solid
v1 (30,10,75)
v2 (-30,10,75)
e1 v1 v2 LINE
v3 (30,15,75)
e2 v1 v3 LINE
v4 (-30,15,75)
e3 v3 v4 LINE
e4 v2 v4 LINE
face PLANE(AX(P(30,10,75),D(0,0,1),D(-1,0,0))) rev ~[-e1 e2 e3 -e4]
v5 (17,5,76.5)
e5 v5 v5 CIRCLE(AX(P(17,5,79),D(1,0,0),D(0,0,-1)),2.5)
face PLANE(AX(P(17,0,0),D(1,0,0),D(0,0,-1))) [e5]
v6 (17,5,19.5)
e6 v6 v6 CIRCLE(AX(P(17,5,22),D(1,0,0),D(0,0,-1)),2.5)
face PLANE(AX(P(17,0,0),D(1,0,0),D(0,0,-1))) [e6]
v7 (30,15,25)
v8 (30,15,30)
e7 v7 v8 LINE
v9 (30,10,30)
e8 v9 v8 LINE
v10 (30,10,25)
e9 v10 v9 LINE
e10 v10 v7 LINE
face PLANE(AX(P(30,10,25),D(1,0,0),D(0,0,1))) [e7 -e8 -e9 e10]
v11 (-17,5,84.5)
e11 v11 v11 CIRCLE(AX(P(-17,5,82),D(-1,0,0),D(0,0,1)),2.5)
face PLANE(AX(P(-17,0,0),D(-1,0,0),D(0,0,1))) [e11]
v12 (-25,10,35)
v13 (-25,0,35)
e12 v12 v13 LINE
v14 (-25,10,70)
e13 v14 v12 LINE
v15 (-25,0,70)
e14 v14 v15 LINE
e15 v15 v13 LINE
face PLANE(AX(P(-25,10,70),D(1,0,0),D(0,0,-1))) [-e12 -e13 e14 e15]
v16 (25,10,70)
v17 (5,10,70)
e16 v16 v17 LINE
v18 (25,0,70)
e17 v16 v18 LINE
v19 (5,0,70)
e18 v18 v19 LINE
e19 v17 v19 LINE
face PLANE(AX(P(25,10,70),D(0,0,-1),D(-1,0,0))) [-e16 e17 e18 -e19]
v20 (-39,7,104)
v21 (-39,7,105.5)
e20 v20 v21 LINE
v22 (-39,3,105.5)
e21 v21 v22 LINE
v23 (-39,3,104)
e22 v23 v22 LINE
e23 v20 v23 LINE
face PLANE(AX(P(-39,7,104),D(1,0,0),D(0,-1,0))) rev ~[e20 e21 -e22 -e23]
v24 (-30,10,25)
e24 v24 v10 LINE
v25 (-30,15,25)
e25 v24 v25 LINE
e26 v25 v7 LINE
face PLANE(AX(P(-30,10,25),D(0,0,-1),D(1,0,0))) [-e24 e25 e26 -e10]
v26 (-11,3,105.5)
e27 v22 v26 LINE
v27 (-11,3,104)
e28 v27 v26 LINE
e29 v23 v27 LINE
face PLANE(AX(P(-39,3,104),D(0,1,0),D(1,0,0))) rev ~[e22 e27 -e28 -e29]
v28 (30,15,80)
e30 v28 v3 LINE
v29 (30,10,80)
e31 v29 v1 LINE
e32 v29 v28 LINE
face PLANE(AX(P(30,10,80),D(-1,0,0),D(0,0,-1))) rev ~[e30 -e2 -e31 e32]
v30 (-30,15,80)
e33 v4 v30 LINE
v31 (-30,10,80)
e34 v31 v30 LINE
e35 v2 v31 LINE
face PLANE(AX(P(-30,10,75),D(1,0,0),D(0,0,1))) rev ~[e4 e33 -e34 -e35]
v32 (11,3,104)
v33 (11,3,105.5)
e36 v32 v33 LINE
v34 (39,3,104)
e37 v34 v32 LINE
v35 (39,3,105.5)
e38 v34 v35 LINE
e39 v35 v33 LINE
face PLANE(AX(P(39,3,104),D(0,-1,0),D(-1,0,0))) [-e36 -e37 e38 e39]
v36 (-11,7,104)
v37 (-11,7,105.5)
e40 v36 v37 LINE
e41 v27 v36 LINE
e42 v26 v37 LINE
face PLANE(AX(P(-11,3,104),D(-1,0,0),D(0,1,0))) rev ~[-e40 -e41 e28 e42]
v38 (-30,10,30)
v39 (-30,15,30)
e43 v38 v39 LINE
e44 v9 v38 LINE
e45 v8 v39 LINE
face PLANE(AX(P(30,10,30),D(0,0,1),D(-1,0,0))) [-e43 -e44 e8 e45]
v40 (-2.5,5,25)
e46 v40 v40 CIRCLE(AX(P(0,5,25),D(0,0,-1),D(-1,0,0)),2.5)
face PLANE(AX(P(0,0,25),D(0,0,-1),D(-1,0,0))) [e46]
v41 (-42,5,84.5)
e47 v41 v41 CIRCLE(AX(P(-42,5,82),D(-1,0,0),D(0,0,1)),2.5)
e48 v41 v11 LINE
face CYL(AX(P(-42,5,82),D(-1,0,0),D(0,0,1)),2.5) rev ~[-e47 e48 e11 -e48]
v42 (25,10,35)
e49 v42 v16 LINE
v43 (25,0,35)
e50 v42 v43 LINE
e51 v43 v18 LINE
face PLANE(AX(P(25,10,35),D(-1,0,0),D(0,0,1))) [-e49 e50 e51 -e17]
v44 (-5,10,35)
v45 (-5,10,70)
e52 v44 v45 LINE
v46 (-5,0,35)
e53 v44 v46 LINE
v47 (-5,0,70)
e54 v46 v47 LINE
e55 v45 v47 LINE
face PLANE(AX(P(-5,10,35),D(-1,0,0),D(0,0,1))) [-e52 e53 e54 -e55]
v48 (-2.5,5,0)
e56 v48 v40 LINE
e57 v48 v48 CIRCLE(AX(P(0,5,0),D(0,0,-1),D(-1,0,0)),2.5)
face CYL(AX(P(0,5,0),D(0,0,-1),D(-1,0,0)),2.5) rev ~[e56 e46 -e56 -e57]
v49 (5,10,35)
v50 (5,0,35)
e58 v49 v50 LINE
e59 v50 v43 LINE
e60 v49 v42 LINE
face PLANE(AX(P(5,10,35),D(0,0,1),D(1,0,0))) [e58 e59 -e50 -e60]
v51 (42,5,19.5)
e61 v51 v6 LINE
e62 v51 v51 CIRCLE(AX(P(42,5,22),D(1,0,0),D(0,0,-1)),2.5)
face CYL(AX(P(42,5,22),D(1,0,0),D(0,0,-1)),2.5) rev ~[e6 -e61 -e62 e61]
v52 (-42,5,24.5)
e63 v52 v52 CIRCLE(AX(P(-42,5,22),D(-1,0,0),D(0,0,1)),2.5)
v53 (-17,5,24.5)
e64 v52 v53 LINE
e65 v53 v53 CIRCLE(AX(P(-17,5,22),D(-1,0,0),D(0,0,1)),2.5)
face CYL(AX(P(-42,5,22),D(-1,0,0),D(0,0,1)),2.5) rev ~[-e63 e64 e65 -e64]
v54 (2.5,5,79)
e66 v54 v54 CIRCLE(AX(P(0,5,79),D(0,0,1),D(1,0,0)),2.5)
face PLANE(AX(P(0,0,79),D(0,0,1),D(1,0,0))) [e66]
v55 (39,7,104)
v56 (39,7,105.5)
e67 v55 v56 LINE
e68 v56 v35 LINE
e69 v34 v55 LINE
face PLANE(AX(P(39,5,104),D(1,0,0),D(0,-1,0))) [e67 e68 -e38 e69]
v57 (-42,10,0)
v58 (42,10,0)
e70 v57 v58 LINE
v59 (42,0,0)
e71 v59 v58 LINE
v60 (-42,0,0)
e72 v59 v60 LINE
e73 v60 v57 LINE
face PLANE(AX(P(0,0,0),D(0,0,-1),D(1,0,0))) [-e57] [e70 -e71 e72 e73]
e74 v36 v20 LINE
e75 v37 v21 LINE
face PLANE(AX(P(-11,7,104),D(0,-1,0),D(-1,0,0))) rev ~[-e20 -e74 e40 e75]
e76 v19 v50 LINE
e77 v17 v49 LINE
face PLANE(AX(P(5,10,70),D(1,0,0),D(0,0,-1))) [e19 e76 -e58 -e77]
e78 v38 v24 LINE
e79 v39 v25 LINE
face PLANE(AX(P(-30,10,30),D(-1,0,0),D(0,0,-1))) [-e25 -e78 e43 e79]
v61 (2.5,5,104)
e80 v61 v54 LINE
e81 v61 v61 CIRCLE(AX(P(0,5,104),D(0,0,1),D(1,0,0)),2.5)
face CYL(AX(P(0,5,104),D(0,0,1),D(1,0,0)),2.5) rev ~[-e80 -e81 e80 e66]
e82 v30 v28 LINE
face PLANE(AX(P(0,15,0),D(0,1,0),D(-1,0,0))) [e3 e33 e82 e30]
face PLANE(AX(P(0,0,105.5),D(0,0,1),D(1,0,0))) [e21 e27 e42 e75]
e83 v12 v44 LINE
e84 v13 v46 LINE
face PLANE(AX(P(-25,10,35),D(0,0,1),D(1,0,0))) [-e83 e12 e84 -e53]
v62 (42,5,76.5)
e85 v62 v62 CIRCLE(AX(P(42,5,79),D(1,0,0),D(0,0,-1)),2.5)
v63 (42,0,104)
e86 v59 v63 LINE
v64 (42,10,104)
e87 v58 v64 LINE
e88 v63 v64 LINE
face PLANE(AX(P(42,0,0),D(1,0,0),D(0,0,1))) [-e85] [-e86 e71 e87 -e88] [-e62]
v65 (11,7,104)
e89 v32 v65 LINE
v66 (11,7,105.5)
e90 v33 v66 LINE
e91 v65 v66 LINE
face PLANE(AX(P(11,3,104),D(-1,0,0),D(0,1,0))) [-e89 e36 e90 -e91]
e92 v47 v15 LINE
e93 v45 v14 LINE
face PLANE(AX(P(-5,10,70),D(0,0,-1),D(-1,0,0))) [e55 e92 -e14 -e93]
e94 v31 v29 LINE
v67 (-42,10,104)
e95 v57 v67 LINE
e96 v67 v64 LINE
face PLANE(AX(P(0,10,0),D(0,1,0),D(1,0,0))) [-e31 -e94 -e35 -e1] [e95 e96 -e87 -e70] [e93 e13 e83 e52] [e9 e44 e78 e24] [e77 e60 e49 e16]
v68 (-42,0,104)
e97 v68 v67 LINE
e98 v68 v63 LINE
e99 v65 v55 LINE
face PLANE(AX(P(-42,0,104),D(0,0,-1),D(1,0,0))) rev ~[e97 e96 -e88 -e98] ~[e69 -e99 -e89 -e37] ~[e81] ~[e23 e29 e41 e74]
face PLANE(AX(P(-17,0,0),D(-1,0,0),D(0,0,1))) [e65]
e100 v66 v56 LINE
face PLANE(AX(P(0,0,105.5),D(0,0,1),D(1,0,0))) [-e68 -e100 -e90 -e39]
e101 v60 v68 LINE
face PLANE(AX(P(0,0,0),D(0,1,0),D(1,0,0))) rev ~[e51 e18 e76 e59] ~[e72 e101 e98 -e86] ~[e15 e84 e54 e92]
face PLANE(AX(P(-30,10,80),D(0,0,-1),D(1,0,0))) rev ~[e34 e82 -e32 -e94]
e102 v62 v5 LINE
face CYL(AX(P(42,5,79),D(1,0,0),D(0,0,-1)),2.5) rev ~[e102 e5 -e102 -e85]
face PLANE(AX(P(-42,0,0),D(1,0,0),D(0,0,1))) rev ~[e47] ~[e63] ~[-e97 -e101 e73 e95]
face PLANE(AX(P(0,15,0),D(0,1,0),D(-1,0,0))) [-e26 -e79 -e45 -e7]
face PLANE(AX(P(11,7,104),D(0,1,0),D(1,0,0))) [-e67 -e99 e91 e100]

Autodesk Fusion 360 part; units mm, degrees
sketch "Sketch1" plane through (0, 0, 0) normal (0, 1, 0) x (1, 0, 0)
  line L0 (0, 0) -> (42, 0)
  line L1 (0, 0) -> (-42, 0)
  line L2 (-42, 0) -> (-42, -104)
  line L3 (42, 0) -> (42, -104)
  line L4 (-42, -104) -> (42, -104)
  dimension "d1" = 42
  dimension "d2" = 42
  dimension "d3" = 104
  dimension "d4" = 104
extrude "Extrude1" add sketch "Sketch1" along normal blind 10
sketch "Sketch2" plane through (-42, 0, 0) normal (-1, 0, 0) x (0, 0, 1)
  line L0 (0, 0) -> (104, 0)
  line L1 (104, 0) -> (104, 10)
  line L2 (104, 10) -> (0, 10)
  line L3 (0, 10) -> (0, 0)
sketch "Sketch3" plane through (0, 0, 104) normal (0, 0, 1) x (1, 0, 0)
  line L0 (-42, 0) -> (42, 0)
  line L1 (42, 0) -> (42, 10)
  line L2 (42, 10) -> (-42, 10)
  line L3 (-42, 10) -> (-42, 0)
sketch "Sketch4" plane through (0, 0, 104) normal (0, 0, 1) x (1, 0, 0)
sketch "Sketch5" plane through (0, 0, 104) normal (0, 0, 1) x (1, 0, 0)
sketch "Sketch6" plane through (0, 0, 104) normal (0, 0, 1) x (1, 0, 0)
  line L0 (-39, 7) -> (-39, 3)
  line L1 (-39, 3) -> (-11, 3)
  line L2 (-11, 3) -> (-11, 7)
  line L3 (-11, 7) -> (-39, 7)
  dimension "d21" = 28
sketch "Sketch7" plane through (0, 0, 104) normal (0, 0, 1) x (1, 0, 0)
  line L0 (39, 5) -> (39, 3)
  line L1 (39, 3) -> (11, 3)
  line L2 (11, 3) -> (11, 7)
  line L3 (11, 7) -> (39, 7)
  line L4 (39, 7) -> (39, 5)
  circle A0 centre (0, 5) radius 2.5
  dimension "d22" = 28
  dimension "d23" = 5
extrude "Extrude2" add sketch "Sketch6" sketch "Sketch7" along normal blind 1.5 of sketch 2 contours L0 L1 L2 L3 L4
sketch "Sketch8" plane through (0, 0, 104) normal (0, 0, 1) x (1, 0, 0)
  circle A0 centre (0, 5) radius 2.5
  dimension "d26" = 5
extrude "Extrude3" cut sketch "Sketch8" against normal blind 25
sketch "Sketch9" plane through (0, 0, 0) normal (0, 0, -1) x (-1, 0, 0)
  line L0 (-42, 0) -> (42, 0)
  line L1 (42, 0) -> (42, 10)
  line L2 (42, 10) -> (-42, 10)
  line L3 (-42, 10) -> (-42, 0)
  circle A0 centre (0, 5) radius 2.5
  dimension "d29" = 5
extrude "Extrude4" cut sketch "Sketch9" against normal blind 25 contours A0
sketch "Sketch10" plane through (42, 0, 0) normal (1, 0, 0) x (0, 0, -1)
  line L0 (-104, 0) -> (0, 0)
  line L1 (0, 0) -> (0, 10)
  line L2 (0, 10) -> (-104, 10)
  line L3 (-104, 10) -> (-104, 0)
  circle A0 centre (-79, 5) radius 2.5
  circle A1 centre (-22, 5) radius 2.5
  dimension "d33" = 5
  dimension "d35" = 5
extrude "Extrude5" cut sketch "Sketch10" against normal blind 25 contours A0 | A1
sketch "Sketch11" plane through (-42, 0, 0) normal (-1, 0, 0) x (0, 0, 1)
  circle A0 centre (22, 5) radius 2.5
  circle A1 centre (82, 5) radius 2.5
  dimension "d39" = 5
  dimension "d41" = 5
extrude "Extrude6" cut sketch "Sketch11" against normal blind 25
sketch "Sketch12" plane through (0, 10, 0) normal (0, 1, 0) x (-1, 0, 0)
  line L0 (-42, 0) -> (42, 0)
  line L1 (42, 0) -> (42, 104)
  line L2 (42, 104) -> (-42, 104)
  line L3 (-42, 104) -> (-42, 0)
sketch "Sketch13" plane through (0, 10, 0) normal (0, 1, 0) x (-1, 0, 0)
  line L0 (-30, 80) -> (-30, 75)
  line L1 (-30, 75) -> (30, 75)
  line L2 (30, 75) -> (30, 80)
  line L3 (30, 80) -> (-30, 80)
  line L4 (-30, 30) -> (30, 30)
  line L5 (30, 30) -> (30, 25)
  line L6 (30, 25) -> (-30, 25)
  line L7 (-30, 25) -> (-30, 30)
  dimension "d44" = 5
  dimension "d45" = 5
extrude "Extrude7" add sketch "Sketch13" along normal blind 5
sketch "Sketch14" plane through (0, 10, 0) normal (0, 1, 0) x (-1, 0, 0)
  line L0 (25, 35) -> (5, 35)
  line L1 (5, 35) -> (5, 70)
  line L2 (5, 70) -> (25, 70)
  line L3 (25, 70) -> (25, 35)
  line L4 (-5, 35) -> (-25, 35)
  line L5 (-25, 35) -> (-25, 70)
  line L6 (-25, 70) -> (-5, 70)
  line L7 (-5, 70) -> (-5, 35)
extrude "Extrude8" cut sketch "Sketch14" against normal blind 20
